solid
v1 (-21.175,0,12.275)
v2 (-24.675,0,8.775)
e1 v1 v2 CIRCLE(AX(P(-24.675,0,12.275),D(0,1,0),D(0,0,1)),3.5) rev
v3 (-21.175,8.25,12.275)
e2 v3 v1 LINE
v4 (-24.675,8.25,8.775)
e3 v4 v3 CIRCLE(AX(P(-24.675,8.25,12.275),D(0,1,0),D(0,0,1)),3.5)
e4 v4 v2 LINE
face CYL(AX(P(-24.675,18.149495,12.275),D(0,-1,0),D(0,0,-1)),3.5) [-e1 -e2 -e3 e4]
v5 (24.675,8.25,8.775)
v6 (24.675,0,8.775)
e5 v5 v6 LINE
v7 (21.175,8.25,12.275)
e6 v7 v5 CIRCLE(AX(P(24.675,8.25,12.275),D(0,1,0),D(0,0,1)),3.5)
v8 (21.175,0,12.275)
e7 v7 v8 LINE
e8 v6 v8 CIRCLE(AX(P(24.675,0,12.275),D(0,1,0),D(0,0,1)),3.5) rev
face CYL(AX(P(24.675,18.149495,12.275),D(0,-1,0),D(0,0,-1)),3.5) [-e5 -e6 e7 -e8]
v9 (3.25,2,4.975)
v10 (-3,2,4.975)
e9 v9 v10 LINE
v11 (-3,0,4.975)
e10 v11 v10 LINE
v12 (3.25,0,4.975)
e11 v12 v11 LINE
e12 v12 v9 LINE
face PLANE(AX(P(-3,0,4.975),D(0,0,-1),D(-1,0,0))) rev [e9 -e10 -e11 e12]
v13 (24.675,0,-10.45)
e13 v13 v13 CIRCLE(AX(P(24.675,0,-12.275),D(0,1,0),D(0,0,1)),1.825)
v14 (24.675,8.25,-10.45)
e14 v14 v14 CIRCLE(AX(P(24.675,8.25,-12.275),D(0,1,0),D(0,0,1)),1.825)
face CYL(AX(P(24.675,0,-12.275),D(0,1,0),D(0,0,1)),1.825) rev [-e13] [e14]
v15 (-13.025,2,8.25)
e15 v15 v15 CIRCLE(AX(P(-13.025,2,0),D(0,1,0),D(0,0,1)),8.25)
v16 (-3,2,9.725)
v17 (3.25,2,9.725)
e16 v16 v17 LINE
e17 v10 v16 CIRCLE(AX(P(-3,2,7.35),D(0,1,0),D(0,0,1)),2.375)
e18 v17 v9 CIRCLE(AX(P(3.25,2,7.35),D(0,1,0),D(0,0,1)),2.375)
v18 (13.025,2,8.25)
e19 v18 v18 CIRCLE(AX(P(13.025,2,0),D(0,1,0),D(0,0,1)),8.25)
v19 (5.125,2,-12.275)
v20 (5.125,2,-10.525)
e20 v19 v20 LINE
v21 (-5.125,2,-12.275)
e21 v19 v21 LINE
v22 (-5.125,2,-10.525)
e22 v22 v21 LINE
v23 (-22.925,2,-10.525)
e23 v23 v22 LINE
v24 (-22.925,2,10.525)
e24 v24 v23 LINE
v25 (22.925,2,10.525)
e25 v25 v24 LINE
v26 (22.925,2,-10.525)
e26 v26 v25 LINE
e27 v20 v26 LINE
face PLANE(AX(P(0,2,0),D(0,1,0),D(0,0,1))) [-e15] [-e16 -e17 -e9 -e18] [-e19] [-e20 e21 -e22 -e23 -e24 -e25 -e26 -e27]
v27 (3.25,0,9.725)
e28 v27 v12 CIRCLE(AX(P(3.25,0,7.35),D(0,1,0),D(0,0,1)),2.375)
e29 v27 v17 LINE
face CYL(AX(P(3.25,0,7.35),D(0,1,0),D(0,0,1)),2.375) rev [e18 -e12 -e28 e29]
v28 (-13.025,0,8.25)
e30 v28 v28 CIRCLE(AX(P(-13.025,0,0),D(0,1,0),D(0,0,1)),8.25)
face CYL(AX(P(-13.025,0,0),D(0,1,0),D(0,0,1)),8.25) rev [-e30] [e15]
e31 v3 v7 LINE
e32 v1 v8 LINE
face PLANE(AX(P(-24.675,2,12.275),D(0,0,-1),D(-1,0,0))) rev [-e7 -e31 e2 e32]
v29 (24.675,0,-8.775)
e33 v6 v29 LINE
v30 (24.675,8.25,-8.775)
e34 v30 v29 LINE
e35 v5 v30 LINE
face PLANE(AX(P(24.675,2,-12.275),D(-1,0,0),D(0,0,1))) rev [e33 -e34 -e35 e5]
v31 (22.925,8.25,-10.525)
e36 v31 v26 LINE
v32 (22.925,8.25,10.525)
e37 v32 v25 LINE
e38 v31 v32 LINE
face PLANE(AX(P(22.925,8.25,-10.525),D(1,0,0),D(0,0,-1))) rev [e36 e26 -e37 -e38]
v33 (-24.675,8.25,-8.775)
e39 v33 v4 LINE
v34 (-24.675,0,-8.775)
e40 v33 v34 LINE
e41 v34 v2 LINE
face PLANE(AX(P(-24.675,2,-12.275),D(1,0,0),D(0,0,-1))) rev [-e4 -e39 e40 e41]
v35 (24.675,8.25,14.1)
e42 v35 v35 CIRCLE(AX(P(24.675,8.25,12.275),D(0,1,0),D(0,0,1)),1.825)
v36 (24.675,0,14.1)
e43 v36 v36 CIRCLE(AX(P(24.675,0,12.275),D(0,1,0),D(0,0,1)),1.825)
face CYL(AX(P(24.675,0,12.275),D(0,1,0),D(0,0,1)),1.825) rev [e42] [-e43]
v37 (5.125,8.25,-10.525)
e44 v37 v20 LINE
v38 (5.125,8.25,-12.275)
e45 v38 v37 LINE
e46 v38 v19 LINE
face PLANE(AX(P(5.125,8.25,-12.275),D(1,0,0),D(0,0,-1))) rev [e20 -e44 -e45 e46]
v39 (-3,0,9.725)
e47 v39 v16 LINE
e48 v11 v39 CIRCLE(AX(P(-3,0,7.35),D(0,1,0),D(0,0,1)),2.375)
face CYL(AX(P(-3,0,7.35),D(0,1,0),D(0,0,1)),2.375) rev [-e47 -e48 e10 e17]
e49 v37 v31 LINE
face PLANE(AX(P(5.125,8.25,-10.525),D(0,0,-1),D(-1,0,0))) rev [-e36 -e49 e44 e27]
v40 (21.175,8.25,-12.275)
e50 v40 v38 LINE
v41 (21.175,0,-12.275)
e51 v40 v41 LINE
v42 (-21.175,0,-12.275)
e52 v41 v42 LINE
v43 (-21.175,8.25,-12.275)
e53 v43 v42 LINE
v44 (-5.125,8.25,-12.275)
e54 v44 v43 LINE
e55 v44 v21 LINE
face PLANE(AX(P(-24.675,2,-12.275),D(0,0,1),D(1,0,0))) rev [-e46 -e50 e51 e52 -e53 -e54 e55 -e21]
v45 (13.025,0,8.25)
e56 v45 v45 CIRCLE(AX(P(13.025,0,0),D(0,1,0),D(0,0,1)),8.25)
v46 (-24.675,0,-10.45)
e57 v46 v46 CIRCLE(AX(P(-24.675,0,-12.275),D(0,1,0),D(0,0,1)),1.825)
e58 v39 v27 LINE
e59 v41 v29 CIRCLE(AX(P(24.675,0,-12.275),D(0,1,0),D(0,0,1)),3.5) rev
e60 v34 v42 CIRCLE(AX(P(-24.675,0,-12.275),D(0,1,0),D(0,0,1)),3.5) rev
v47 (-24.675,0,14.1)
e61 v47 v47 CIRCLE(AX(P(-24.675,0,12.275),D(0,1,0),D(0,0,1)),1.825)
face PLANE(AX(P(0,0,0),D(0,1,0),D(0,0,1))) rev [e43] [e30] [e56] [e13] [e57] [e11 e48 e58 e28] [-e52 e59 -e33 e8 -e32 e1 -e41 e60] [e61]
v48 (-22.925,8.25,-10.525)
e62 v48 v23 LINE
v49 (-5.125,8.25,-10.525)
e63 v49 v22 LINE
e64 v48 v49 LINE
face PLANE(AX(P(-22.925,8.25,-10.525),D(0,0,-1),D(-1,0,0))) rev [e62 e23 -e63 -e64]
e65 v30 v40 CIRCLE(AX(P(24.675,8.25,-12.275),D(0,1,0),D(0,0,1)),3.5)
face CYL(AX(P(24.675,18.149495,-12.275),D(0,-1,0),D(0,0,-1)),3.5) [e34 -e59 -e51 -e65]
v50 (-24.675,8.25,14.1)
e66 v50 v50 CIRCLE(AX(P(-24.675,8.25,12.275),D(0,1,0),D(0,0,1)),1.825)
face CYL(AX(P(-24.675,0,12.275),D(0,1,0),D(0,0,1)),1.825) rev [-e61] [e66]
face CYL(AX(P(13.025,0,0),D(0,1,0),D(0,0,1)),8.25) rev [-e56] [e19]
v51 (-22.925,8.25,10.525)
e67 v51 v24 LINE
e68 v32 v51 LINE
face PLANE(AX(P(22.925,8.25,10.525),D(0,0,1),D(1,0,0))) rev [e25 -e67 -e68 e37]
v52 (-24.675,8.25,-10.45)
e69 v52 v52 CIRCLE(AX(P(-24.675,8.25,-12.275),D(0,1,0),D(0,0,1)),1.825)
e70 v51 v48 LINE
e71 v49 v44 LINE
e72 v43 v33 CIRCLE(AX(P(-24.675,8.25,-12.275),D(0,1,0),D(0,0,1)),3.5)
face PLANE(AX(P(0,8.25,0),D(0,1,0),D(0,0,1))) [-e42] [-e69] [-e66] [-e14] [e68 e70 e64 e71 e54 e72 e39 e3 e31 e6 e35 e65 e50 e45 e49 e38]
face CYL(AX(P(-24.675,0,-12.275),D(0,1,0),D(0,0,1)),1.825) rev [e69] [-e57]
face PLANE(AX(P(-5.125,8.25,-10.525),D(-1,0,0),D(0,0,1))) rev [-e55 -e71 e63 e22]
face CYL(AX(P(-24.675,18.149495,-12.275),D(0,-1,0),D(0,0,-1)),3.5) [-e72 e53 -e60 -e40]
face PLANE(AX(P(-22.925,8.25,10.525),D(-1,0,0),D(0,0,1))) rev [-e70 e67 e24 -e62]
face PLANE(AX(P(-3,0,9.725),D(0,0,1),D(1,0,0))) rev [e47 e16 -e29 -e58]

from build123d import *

# Parameters (mm, degrees)
SKETCH1_W               = 49.35
SKETCH1_H               = 24.55
BOSS_EXTRUDE1_DEPTH     = 2
BOSS_EXTRUDE2_DEPTH     = 6.25
BOSS_EXTRUDE3_START     = -2
BOSS_EXTRUDE3_DEPTH     = 8.25
CUT_EXTRUDE1_DEPTH      = 33.889873061
CUT_EXTRUDE1_DEPTH_BACK = 33.889873061
SKETCH3_R               = 8.25
SKETCH3_R_2             = 1.825


with BuildPart() as part:
    # Sketch1 → Boss-Extrude1 (new body)
    with BuildSketch(Plane(origin=(0, 0, 0), x_dir=(1, 0, 0), z_dir=(0, 1, 0))):
        Rectangle(SKETCH1_W, SKETCH1_H)
    extrude(amount=BOSS_EXTRUDE1_DEPTH)

    # Sketch2 → Boss-Extrude2 (add)
    with BuildSketch(Plane(origin=(0, 2, 0), x_dir=(1, 0, 0), z_dir=(0, 1, 0))):
        Polygon((-24.675, 12.275), (-24.675, -12.275), (24.675, -12.275), (24.675, 12.275), (5.125, 12.275), (5.125, 10.525), (22.925, 10.525), (22.925, -10.525), (-22.925, -10.525), (-22.925, 10.525), (-5.125, 10.525), (-5.125, 12.275), align=None)
    extrude(amount=BOSS_EXTRUDE2_DEPTH)

    # Sketch4 → Boss-Extrude3 (add)
    with BuildSketch(Plane(origin=(0, 2, 0), x_dir=(1, 0, 0), z_dir=(0, 1, 0)).offset(BOSS_EXTRUDE3_START)):
        with BuildLine():
            Line((-24.675, 12.275), (-24.675, 8.775))
            ThreePointArc((-24.675, 8.775), (-27.149873734, 14.749873734), (-21.175, 12.275))
            Line((-21.175, 12.275), (-24.675, 12.275))
        make_face()
        with BuildLine():
            Line((-24.675, -12.275), (-24.675, -8.775))
            ThreePointArc((-24.675, -8.775), (-27.149873734, -14.749873734), (-21.175, -12.275))
            Line((-21.175, -12.275), (-24.675, -12.275))
        make_face()
        with BuildLine():
            Line((24.675, -12.275), (21.175, -12.275))
            ThreePointArc((21.175, -12.275), (27.149873734, -14.749873734), (24.675, -8.775))
            Line((24.675, -8.775), (24.675, -12.275))
        make_face()
        with BuildLine():
            Line((24.675, 8.775), (24.675, 12.275))
            Line((24.675, 12.275), (21.175, 12.275))
            ThreePointArc((21.175, 12.275), (27.149873734, 14.749873734), (24.675, 8.775))
        make_face()
    extrude(amount=BOSS_EXTRUDE3_DEPTH)

    # Sketch3 → Cut-Extrude1 (cut, two sides: drawn at the far end of the back side and taken through both)
    with BuildSketch(Plane(origin=(0, 2, 0), x_dir=(1, 0, 0), z_dir=(0, 1, 0)).offset(-CUT_EXTRUDE1_DEPTH_BACK)):
        with Locations(Location((-13.025, 0, 0), (0, 0, 270))):
            Circle(SKETCH3_R)
        with Locations(Location((13.025, 0, 0), (0, 0, 270))):
            Circle(SKETCH3_R)
        with Locations(Location((-24.675, 12.275, 0), (0, 0, 270))):
            Circle(SKETCH3_R_2)
        with Locations(Location((-24.675, -12.275, 0), (0, 0, 270))):
            Circle(SKETCH3_R_2)
        with Locations(Location((24.675, 12.275, 0), (0, 0, 270))):
            Circle(SKETCH3_R_2)
        with Locations(Location((24.675, -12.275, 0), (0, 0, 270))):
            Circle(SKETCH3_R_2)
        with BuildLine():
            Line((-3, -4.975), (3.25, -4.975))
            ThreePointArc((3.25, -4.975), (5.625, -7.35), (3.25, -9.725))
            Line((3.25, -9.725), (-3, -9.725))
            ThreePointArc((-3, -9.725), (-5.375, -7.35), (-3, -4.975))
        make_face()
    extrude(amount=CUT_EXTRUDE1_DEPTH + CUT_EXTRUDE1_DEPTH_BACK, mode=Mode.SUBTRACT)


solid = part.part
